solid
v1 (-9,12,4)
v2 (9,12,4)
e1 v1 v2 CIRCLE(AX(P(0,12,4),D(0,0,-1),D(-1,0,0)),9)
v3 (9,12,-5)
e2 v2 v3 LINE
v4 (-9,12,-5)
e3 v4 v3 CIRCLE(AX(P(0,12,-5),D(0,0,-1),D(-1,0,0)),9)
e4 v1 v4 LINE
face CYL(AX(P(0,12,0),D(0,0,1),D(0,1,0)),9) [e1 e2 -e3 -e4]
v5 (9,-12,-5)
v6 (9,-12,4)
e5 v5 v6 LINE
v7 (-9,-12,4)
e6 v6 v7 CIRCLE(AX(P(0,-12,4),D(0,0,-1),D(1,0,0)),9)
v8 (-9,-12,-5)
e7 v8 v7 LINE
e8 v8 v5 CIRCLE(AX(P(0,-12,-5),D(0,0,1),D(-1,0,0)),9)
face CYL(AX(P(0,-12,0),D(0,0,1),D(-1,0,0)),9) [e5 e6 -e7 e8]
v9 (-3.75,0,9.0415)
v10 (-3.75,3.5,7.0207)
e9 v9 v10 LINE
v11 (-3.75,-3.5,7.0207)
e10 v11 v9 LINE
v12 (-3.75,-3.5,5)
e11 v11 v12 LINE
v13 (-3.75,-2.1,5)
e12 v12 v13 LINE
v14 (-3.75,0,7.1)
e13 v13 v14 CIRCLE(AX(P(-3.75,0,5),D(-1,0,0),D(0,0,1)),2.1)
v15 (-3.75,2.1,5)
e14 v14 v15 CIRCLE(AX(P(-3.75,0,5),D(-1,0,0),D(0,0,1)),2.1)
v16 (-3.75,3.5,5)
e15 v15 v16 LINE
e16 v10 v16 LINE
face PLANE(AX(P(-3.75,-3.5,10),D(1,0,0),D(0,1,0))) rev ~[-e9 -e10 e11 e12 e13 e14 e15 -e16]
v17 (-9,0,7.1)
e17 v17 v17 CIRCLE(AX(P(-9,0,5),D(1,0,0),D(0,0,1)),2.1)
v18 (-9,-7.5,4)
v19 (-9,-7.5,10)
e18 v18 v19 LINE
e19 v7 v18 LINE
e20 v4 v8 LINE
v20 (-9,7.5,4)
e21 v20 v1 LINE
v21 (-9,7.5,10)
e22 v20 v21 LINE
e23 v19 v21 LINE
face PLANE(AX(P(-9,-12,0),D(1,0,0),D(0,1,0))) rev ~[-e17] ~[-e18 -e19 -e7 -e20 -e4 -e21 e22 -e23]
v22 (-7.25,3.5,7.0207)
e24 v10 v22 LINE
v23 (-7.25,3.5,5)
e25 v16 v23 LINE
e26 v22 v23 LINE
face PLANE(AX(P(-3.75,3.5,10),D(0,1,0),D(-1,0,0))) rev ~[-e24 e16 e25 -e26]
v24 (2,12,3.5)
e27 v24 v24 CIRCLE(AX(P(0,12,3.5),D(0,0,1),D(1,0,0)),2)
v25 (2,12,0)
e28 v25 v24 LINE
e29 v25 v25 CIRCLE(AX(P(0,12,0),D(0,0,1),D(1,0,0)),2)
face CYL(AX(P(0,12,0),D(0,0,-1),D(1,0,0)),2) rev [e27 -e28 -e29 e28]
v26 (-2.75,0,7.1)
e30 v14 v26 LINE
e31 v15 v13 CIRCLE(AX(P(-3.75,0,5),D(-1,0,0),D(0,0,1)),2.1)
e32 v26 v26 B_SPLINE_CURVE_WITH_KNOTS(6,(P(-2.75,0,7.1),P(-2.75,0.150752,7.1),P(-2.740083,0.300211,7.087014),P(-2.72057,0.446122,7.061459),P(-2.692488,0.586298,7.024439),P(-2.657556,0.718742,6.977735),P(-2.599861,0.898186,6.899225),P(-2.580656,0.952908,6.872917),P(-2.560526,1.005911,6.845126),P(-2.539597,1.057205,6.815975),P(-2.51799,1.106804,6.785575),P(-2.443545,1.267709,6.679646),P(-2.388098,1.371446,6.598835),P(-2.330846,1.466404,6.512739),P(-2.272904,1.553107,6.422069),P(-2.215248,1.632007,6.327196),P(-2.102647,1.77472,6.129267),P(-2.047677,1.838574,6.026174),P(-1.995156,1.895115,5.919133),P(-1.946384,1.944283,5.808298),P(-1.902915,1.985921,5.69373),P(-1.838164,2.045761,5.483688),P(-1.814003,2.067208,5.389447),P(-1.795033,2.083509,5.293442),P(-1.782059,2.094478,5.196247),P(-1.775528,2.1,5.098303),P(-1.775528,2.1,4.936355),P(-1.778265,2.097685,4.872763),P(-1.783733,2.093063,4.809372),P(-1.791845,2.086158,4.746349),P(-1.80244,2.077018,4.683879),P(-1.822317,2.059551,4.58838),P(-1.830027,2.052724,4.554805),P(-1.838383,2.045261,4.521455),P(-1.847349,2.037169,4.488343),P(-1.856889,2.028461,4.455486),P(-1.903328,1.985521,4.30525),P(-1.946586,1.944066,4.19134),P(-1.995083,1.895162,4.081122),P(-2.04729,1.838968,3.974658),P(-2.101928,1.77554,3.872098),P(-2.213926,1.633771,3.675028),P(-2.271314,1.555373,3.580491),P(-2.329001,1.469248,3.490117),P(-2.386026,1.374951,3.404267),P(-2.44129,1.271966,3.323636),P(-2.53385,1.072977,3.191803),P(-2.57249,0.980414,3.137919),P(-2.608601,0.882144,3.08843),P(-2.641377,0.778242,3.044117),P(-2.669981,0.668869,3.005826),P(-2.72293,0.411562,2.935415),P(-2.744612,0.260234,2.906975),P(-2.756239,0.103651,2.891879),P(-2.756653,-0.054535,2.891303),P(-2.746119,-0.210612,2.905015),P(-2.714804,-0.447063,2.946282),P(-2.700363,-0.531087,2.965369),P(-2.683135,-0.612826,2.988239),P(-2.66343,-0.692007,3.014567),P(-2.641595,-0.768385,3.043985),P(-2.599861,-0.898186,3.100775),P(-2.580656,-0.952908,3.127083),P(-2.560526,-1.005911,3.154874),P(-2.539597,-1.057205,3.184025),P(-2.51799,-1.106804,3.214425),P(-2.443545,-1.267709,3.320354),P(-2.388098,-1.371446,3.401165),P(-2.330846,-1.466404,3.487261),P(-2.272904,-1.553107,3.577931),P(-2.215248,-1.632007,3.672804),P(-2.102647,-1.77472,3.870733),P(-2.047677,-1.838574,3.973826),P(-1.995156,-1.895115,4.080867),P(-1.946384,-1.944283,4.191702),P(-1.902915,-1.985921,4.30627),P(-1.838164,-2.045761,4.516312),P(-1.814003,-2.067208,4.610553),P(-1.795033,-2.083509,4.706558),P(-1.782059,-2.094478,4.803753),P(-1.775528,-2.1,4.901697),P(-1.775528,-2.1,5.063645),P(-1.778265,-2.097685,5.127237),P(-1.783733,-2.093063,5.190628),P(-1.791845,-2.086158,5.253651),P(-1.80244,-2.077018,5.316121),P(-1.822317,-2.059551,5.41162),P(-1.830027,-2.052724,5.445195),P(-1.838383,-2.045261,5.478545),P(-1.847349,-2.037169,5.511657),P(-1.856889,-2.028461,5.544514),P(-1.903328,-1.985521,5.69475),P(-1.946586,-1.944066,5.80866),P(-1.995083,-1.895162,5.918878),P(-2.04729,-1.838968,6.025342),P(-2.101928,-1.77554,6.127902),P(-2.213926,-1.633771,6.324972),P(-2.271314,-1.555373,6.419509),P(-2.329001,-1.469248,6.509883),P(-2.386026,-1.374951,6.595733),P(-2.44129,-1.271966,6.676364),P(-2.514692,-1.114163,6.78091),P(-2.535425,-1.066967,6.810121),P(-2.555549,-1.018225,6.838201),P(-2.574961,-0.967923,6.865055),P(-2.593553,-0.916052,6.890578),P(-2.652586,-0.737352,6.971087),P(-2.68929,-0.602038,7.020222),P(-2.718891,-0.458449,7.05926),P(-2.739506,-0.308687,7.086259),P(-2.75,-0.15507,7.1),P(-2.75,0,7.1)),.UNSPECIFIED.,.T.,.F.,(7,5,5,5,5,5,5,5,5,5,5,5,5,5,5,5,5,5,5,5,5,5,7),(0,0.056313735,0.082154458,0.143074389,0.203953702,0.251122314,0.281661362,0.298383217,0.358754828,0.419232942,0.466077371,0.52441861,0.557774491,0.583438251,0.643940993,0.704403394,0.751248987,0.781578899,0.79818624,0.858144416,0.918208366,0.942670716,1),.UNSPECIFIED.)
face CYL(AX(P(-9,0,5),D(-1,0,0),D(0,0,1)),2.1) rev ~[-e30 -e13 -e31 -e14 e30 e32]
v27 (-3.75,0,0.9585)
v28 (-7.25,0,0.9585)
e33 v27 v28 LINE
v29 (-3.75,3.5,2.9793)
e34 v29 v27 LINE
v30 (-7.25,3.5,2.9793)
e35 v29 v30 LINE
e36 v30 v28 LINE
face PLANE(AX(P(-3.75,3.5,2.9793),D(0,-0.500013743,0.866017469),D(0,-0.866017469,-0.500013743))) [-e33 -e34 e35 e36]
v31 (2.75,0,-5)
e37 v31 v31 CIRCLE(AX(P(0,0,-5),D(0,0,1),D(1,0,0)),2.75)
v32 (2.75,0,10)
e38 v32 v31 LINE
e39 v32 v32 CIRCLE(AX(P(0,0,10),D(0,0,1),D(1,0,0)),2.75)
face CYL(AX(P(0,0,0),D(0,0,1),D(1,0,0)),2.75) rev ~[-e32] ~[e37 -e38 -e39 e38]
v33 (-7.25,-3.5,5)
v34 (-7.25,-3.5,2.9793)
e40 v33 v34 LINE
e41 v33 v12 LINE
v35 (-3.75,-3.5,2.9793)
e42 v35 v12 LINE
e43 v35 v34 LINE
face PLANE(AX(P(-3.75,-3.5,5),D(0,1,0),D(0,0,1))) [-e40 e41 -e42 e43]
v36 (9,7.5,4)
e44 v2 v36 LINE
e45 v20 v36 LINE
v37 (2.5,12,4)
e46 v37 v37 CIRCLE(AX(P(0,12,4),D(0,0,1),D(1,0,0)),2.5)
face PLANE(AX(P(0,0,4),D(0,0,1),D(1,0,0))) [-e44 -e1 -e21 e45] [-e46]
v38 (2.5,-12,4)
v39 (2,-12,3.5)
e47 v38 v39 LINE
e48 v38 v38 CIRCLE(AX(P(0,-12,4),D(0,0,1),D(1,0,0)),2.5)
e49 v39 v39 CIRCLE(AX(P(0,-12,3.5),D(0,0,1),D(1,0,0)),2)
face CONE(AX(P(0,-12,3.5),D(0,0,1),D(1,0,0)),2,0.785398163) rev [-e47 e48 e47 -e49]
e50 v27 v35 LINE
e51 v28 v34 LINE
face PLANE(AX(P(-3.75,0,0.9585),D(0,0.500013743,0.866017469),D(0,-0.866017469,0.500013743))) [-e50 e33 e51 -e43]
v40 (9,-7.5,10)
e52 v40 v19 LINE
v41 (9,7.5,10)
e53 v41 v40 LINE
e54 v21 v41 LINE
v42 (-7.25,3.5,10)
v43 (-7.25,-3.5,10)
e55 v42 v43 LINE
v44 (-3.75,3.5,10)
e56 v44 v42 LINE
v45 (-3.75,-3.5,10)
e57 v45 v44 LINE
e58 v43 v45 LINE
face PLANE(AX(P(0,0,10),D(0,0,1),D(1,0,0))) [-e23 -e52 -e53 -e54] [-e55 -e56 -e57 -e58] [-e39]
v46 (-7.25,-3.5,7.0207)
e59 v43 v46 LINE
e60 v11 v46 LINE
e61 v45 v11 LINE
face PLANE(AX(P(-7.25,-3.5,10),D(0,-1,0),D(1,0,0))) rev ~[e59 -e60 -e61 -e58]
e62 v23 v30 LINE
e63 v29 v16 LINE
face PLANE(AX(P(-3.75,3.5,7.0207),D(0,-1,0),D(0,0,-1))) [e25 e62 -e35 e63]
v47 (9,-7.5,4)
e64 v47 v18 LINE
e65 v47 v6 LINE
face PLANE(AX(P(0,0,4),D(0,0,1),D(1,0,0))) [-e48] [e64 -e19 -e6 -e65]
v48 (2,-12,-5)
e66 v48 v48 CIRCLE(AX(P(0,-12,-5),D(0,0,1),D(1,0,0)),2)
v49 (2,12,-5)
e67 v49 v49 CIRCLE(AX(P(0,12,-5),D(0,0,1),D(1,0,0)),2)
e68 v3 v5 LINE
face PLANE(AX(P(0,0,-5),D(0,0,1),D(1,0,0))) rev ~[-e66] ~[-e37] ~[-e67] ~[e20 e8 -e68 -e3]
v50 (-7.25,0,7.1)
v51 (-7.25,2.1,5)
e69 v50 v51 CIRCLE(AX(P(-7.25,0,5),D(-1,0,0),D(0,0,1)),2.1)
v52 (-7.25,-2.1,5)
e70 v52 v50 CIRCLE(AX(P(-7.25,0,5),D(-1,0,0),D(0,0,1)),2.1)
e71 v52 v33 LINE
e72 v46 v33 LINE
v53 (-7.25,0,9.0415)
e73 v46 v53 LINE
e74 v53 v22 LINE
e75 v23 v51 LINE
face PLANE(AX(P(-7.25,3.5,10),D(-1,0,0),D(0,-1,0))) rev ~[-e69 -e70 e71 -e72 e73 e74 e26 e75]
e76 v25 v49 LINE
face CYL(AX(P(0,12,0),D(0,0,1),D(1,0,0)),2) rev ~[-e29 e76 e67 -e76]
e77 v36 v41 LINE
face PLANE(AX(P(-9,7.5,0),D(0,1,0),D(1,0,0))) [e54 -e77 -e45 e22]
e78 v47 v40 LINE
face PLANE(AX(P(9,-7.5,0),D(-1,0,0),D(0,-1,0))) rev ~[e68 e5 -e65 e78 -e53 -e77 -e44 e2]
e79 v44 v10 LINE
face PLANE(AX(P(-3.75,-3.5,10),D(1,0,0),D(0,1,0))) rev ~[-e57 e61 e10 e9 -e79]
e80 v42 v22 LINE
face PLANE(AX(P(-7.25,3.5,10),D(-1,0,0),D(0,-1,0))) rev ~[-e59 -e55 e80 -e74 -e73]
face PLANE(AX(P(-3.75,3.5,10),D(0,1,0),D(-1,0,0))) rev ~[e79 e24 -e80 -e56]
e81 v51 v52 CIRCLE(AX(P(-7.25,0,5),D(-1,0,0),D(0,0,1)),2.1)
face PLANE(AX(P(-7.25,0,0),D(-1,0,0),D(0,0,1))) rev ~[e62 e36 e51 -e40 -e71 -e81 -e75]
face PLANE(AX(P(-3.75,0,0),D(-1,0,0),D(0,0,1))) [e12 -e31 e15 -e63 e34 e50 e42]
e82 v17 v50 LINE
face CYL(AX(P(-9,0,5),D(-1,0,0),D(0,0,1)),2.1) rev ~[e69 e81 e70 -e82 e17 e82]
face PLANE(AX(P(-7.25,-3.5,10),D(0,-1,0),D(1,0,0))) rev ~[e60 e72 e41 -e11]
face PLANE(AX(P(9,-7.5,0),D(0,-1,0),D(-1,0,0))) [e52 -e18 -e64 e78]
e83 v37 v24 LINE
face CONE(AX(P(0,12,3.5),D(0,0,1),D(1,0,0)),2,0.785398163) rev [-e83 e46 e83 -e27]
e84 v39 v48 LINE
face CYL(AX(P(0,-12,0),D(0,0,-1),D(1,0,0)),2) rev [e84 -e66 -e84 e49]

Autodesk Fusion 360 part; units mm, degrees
sketch "Sketch1" plane through (0, 0, 0) normal (0, 0, 1) x (1, 0, 0)
  line L0 (-9, -12) -> (-9, 12)
  line L1 (9, 12) -> (9, -12)
  line L2 (9, -21) -> (-9, 21) construction
  line L3 (-9, -21) -> (9, 21) construction
  line L4 (9, -7.5) -> (-9, -7.5)
  line L5 (-9, -7.5) -> (-9, 7.5)
  line L6 (-9, 7.5) -> (9, 7.5)
  line L7 (9, 7.5) -> (9, -7.5)
  line L8 (9, -7.5) -> (-9, 7.5) construction
  line L9 (-9, -7.5) -> (9, 7.5) construction
  circle A0 centre (0, 0) radius 2.75
  arc A1 (0, 21) -> (-9, 12) centre (0, 12) ccw
  arc A2 (9, 12) -> (0, 21) centre (0, 12) ccw
  arc A3 (0, -21) -> (9, -12) centre (0, -12) ccw
  arc A4 (-9, -12) -> (0, -21) centre (0, -12) ccw
  line L10 (0, -21.9731) -> (0, 33.0269) construction
  line L11 (2.0496, 8.45) -> (4.0992, 12)
  line L12 (4.0992, 12) -> (2.0496, 15.55)
  line L13 (2.0496, 15.55) -> (-2.0496, 15.55)
  line L14 (-2.0496, 15.55) -> (-4.0992, 12)
  line L15 (-4.0992, 12) -> (-2.0496, 8.45)
  line L16 (-2.0496, 8.45) -> (2.0496, 8.45)
  line L17 (2.0496, -15.55) -> (4.0992, -12)
  line L18 (4.0992, -12) -> (2.0496, -8.45)
  line L19 (2.0496, -8.45) -> (-2.0496, -8.45)
  line L20 (-2.0496, -8.45) -> (-4.0992, -12)
  line L21 (-4.0992, -12) -> (-2.0496, -15.55)
  line L22 (-2.0496, -15.55) -> (2.0496, -15.55)
  circle A5 centre (0, 12) radius 2
  circle A6 centre (0, -12) radius 2
  line L23 (-9, 0) -> (0, 0) construction
  line L24 (-3.75, 3.5) -> (-7.25, 3.5)
  line L25 (-7.25, 3.5) -> (-7.25, -3.5)
  line L26 (-7.25, -3.5) -> (-3.75, -3.5)
  line L27 (-3.75, -3.5) -> (-3.75, 3.5)
  line L28 (-3.75, 3.5) -> (-7.25, -3.5) construction
  line L29 (-7.25, 3.5) -> (-3.75, -3.5) construction
  point P0 (0, 12)
  point P1 (0, -12)
  point P2 (-5.5, 0)
  dimension "d14" = 18
  dimension "d15" = 42
  dimension "d16" = 18
  dimension "d17" = 15
  dimension "d18" = 5.5
  dimension "d19" = 9
  dimension "d20" = 12
  dimension "d21" = 12
  dimension "d22" = 3.55
  dimension "d23" = 3.55
  dimension "d24" = 4
  dimension "d25" = 4
  dimension "d26" = 3.5
  dimension "d27" = 7
  dimension "d28" = 3.5
extrude "Extrude1" add sketch "Sketch1" against normal blind 5 contours L0 L1 L4 A3 A4 | L0 L1 L4 L5 L6 L7 | L0 L1 L6 A1 A2 | L11 L12 L13 L14 L15 L16 | L17 L18 L19 L20 L21 L22 | L24 L25 L26 L27
extrude "Extrude2" add sketch "Sketch1" along normal blind 10 contours L0 L1 L4 L5 L6 L7 | L24 L25 L26 L27
extrude "Extrude3" [suppressed]
extrude "Extrude7" add sketch "Sketch1" along normal blind 4 contours L0 L1 L4 A3 A4 | L0 L1 L6 A1 A2 | L11 L12 L13 L14 L15 L16 | L17 L18 L19 L20 L21 L22
extrude "Extrude4" cut sketch "Sketch1" against normal blind 5 from surface at 10 contours L24 L25 L26 L27
sketch "Sketch2" plane through (-3.75, 0, 0) normal (-1, 0, 0) x (0, 0, 1)
  line L0 (10, -3.5) -> (10, 3.5)
  line L1 (10, 3.5) -> (5, 3.5)
  line L2 (5, 3.5) -> (5, -3.5)
  line L3 (5, -3.5) -> (10, -3.5)
  line L4 (9.0415, 0) -> (7.0207, 3.5)
  line L5 (7.0207, 3.5) -> (2.9793, 3.5)
  line L6 (2.9793, 3.5) -> (0.9585, 0)
  line L7 (0.9585, 0) -> (2.9793, -3.5)
  line L8 (2.9793, -3.5) -> (7.0207, -3.5)
  line L9 (7.0207, -3.5) -> (9.0415, 0)
  circle A0 centre (5, 0) radius 2.1
  point P0 (5, 0)
  dimension "d38" = 3.5
  dimension "d41" = 4.2
extrude "Extrude5" cut sketch "Sketch2" along normal up to surface (3.5 mm away) contours L1 L2 L3 L4 L5 L8 L9 A0 | L2 L5 L6 L7 L8 A0 | L2 A0 | L2 A0
extrude "Extrude6" cut sketch "Sketch2" against normal blind 9 from surface at 5.25 contours L2 A0 | L2 A0
chamfer "Chamfer1" [suppressed]
chamfer "Chamfer2" distance 0.5 angle 45 2 edges at (-1.8647, 12.7232, 4) (-1.8647, -11.2768, 4)
